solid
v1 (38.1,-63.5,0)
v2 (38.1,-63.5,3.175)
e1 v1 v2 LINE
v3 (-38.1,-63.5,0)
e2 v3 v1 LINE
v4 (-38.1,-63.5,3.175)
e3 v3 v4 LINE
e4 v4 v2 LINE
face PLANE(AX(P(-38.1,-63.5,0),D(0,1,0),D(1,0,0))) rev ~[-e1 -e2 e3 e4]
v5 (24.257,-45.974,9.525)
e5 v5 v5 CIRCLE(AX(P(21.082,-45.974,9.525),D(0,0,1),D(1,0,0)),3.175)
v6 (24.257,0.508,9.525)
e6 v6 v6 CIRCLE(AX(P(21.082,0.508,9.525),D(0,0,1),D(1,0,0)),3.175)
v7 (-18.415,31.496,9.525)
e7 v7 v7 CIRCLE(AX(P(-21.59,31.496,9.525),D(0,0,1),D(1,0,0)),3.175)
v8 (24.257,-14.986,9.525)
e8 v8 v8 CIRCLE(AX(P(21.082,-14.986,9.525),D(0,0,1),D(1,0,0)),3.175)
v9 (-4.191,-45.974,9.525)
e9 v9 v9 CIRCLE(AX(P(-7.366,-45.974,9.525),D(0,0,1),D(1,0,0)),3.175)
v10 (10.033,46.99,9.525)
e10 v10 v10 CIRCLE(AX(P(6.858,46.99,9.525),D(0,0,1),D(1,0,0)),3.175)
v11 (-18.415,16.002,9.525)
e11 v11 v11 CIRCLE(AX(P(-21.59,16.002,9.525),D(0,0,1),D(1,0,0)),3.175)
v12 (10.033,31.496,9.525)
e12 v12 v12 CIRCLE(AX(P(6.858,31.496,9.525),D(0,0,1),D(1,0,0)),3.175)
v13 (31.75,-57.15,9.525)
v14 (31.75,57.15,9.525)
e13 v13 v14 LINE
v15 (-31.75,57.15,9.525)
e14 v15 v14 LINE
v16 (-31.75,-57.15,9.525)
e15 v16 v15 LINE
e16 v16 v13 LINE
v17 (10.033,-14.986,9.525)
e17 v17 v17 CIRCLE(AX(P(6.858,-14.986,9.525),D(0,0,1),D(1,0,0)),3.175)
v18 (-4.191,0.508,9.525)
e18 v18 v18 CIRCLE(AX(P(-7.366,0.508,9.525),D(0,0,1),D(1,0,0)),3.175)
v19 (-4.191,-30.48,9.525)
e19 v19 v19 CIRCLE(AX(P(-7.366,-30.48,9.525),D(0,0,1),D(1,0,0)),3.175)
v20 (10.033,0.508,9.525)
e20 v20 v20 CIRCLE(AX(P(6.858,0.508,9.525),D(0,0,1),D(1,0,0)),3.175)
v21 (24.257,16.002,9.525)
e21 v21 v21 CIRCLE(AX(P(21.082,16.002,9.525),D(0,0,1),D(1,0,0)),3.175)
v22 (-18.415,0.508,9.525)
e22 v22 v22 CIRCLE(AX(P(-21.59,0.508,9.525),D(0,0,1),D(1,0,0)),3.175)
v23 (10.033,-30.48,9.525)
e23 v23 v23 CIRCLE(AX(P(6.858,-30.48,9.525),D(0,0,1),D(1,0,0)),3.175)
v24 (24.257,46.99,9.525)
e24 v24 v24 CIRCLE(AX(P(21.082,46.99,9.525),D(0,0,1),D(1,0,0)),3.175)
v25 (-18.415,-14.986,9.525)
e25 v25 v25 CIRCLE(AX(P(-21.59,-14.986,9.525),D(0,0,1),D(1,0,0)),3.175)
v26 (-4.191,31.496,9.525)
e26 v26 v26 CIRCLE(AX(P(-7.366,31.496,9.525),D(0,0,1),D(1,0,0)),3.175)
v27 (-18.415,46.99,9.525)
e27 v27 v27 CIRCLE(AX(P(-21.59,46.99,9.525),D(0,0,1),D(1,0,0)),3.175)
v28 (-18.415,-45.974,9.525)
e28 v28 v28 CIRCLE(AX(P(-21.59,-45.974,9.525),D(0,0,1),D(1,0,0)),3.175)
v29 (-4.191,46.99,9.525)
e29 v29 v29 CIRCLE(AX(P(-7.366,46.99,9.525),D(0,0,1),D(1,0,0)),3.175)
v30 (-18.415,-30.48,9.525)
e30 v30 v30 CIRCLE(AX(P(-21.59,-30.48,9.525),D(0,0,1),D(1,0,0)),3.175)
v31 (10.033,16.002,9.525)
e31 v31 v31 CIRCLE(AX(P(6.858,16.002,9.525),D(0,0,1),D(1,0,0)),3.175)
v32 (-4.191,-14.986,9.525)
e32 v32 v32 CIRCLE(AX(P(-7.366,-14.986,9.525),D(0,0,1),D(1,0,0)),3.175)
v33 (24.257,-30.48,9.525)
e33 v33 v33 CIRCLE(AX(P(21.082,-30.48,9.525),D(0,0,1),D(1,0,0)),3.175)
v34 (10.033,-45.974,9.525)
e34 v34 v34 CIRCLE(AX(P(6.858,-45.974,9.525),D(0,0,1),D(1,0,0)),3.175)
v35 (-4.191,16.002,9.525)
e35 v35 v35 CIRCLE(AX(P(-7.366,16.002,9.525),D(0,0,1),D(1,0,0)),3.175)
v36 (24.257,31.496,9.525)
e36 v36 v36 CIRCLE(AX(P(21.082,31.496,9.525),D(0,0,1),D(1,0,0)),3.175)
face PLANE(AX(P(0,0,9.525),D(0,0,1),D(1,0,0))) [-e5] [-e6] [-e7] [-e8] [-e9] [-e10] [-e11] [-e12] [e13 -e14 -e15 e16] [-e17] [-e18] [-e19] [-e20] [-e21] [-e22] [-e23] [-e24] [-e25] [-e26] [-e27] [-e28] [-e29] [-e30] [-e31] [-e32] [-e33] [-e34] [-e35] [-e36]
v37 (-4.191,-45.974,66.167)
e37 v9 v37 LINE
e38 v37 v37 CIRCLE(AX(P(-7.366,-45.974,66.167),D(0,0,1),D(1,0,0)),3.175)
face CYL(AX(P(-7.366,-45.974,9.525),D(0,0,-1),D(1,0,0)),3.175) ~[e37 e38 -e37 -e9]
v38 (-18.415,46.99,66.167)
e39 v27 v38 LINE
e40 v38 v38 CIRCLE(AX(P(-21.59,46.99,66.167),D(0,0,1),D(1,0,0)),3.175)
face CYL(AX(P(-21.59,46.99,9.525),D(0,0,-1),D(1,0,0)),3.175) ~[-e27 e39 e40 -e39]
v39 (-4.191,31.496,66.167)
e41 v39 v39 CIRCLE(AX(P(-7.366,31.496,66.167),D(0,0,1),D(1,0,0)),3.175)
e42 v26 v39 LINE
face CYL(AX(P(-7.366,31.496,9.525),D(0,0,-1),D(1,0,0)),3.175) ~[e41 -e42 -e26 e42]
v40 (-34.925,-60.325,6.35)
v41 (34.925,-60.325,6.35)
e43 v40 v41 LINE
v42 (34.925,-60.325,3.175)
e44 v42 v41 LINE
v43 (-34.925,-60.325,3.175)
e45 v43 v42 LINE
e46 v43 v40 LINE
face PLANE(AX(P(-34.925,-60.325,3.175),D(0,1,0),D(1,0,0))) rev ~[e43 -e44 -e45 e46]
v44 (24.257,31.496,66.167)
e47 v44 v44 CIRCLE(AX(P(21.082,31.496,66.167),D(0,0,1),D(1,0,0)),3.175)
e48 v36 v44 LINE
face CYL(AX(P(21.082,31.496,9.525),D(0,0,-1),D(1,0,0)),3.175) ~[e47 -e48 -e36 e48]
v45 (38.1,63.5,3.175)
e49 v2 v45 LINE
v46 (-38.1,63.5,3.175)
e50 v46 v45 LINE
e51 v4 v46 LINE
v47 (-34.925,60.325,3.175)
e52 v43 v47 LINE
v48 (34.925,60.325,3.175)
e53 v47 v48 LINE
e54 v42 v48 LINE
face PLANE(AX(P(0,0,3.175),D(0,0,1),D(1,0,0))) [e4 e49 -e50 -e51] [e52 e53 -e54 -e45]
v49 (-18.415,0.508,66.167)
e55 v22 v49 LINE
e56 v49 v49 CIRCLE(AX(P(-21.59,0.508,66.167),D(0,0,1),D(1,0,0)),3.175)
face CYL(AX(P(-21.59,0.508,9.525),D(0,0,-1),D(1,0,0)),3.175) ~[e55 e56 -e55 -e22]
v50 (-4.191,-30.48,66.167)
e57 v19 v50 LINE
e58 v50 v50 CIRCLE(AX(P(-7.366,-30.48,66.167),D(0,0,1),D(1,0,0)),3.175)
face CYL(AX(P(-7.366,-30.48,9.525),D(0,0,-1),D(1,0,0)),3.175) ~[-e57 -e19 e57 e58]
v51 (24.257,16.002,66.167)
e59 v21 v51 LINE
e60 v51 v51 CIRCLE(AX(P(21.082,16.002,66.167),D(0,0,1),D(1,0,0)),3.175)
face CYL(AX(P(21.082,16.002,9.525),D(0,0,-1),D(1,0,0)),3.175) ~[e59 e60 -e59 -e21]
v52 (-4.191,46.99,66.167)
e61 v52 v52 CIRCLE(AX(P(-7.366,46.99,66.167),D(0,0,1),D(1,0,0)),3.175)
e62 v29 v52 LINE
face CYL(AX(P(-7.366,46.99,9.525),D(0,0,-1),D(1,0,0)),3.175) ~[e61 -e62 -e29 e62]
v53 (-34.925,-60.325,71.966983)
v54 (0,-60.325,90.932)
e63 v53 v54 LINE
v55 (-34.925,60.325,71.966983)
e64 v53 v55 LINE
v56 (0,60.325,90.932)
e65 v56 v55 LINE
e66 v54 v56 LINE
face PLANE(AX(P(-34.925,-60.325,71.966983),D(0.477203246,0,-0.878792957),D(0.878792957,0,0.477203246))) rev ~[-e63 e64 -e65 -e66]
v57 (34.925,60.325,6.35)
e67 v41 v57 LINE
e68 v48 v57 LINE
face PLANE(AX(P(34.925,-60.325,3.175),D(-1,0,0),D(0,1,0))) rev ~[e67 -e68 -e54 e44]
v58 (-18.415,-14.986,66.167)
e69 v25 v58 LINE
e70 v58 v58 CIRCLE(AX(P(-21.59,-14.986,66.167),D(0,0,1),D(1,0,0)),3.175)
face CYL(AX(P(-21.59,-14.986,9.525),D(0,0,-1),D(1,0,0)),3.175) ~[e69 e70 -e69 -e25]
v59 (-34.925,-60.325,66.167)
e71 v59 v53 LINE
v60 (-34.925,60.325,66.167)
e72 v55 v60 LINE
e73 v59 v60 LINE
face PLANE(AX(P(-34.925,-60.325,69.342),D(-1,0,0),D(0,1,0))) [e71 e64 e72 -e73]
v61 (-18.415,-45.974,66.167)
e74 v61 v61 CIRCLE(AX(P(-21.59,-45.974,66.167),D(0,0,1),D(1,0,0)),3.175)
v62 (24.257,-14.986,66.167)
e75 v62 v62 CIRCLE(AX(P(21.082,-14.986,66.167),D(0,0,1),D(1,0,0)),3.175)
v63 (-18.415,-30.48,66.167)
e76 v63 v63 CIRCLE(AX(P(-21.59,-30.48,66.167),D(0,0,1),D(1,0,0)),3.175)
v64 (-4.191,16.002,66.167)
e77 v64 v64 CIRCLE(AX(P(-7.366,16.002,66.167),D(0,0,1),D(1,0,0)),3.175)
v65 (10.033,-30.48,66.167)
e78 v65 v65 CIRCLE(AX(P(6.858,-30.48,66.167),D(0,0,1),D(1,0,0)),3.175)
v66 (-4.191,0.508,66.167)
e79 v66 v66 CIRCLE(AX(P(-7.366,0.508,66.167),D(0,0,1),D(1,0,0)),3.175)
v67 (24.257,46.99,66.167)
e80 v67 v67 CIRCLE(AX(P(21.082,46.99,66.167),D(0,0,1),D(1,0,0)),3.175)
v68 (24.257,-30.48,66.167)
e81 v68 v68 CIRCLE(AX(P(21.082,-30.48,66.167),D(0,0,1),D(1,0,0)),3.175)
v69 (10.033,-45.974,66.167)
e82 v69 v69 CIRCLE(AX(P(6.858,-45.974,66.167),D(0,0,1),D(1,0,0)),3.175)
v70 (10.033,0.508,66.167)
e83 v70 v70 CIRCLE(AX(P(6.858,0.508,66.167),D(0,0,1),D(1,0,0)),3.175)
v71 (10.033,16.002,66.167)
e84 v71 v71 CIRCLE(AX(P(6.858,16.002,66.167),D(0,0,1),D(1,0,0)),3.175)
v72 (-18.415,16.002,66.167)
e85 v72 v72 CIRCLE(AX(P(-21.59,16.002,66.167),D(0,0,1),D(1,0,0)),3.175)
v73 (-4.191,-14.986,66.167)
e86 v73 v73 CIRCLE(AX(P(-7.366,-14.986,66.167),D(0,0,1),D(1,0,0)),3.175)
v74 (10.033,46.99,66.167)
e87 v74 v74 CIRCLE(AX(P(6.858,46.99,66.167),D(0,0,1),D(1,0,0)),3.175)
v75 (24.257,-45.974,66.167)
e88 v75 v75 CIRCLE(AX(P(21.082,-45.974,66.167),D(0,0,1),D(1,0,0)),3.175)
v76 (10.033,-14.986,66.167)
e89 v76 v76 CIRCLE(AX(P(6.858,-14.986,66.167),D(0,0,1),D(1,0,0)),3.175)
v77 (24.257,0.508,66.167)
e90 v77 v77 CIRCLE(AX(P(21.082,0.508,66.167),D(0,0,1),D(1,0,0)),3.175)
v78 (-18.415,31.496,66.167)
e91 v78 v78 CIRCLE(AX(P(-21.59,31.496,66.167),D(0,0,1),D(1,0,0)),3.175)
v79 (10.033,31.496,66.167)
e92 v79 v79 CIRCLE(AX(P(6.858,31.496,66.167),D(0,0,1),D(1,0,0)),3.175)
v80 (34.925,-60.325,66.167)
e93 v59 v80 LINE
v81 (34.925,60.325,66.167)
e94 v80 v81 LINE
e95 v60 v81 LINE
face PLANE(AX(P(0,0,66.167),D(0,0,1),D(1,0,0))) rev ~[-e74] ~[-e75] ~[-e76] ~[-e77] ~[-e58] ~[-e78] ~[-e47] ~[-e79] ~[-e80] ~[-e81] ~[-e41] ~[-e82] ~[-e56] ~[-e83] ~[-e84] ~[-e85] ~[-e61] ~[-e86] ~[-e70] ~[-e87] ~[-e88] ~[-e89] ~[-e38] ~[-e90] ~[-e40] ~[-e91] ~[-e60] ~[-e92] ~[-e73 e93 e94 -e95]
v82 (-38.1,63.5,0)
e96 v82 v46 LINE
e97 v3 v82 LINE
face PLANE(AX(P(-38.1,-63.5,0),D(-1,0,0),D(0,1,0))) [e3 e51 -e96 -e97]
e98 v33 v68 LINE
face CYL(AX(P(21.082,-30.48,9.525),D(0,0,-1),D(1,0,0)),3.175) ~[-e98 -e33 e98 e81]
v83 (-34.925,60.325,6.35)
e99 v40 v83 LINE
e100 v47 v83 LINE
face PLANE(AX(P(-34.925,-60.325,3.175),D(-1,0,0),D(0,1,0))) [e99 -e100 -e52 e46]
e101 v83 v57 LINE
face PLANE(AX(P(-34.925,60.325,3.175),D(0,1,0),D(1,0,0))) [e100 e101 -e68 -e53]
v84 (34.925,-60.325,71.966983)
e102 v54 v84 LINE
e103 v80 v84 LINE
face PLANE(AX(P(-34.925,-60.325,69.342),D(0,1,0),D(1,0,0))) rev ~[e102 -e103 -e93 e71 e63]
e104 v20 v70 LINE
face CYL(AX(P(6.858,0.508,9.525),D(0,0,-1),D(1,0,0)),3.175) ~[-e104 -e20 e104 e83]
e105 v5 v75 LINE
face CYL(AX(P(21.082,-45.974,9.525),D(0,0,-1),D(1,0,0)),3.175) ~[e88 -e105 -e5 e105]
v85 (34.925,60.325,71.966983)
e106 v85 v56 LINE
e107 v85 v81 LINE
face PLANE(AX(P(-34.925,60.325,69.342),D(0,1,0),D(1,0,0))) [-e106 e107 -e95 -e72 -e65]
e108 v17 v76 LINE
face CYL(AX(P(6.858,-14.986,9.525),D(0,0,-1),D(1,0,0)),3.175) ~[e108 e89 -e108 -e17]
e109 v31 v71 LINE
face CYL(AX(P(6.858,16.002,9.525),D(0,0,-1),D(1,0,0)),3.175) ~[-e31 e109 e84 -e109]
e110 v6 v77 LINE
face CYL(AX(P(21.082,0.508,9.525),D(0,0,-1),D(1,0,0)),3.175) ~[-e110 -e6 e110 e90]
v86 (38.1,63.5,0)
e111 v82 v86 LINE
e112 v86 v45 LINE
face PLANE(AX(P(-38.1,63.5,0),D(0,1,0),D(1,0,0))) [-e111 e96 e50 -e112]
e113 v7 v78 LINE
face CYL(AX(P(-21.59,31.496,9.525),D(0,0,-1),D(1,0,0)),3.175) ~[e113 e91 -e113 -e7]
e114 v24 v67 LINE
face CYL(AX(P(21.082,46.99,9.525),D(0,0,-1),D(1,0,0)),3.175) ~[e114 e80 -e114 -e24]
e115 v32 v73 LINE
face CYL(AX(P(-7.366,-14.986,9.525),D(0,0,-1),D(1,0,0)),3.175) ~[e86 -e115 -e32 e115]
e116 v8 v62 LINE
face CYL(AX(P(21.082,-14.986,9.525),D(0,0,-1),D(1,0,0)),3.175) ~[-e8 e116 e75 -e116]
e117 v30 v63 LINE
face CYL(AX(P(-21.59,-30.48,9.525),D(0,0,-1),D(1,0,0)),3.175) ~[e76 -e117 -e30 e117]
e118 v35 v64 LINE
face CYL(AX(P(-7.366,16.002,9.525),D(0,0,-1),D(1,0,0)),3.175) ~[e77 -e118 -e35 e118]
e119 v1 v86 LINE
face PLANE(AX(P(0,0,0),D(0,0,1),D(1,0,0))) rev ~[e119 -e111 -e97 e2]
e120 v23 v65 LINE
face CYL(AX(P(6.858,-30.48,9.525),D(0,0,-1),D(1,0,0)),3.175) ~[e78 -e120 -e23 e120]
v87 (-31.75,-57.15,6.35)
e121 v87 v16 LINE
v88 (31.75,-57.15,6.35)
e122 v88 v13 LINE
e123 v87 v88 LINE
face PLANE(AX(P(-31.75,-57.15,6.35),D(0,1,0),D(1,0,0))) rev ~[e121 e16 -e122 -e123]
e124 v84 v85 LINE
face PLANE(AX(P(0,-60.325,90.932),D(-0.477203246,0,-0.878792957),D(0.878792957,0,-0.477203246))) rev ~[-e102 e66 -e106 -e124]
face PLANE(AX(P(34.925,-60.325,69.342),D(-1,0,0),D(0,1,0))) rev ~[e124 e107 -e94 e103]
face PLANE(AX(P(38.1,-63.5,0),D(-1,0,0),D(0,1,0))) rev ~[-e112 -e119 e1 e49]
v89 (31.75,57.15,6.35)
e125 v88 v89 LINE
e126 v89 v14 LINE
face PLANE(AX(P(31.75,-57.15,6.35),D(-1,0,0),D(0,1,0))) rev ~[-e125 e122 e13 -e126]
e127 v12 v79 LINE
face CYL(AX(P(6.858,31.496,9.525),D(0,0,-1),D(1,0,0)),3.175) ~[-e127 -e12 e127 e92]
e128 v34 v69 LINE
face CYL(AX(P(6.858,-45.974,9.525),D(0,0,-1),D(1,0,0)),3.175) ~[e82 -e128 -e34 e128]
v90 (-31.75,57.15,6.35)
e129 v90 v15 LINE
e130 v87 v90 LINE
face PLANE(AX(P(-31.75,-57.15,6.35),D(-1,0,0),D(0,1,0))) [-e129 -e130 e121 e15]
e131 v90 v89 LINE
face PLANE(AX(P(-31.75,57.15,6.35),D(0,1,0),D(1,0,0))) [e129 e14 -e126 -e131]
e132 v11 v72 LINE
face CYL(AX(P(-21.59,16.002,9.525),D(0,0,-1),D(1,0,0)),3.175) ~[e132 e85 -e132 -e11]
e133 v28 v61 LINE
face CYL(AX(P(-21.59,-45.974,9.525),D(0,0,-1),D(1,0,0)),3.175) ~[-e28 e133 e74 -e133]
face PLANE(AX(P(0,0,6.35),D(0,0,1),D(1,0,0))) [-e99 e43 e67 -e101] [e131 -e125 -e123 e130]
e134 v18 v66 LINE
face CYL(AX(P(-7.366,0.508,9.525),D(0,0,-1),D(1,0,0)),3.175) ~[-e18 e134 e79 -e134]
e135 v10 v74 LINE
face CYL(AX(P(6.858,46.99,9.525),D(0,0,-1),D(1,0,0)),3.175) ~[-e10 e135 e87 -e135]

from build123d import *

# Parameters (mm, degrees)
F0_W      = 76.2
F0_H      = 127
F1_DEPTH  = 3.175
F2_W      = 69.85
F2_H      = 120.65
F3_DEPTH  = 3.175
F4_W      = 63.5
F4_H      = 114.3
F5_DEPTH  = 3.175
F6_R      = 3.175
F7_DEPTH  = 56.642
F8_W      = 69.85
F8_H      = 120.65
F9_DEPTH  = 3.175
F9_FACE_W = 69.85
F9_FACE_H = 120.65
F10_DEPTH = 21.59
F12_DEPTH = 123.826


with BuildPart() as f1:
    # F0 (on Top) → F1 (new body)
    with BuildSketch(Plane.XY):
        Rectangle(F0_W, F0_H)
    extrude(amount=F1_DEPTH)

    # F2 (on face) → F3 (join)
    with BuildSketch(Plane.XY.offset(3.175)):
        Rectangle(F2_W, F2_H)
    extrude(amount=F3_DEPTH)

    # F4 (on face) → F5 (join)
    with BuildSketch(Plane.XY.offset(6.35)):
        Rectangle(F4_W, F4_H)
    extrude(amount=F5_DEPTH)

    # F6 (on face) → F7 (join)
    with BuildSketch(Plane.XY.offset(9.525)):
        with Locations((-21.59, 46.99)):
            Circle(F6_R)
        with Locations((-21.59, 31.496)):
            Circle(F6_R)
        with Locations((-21.59, 16.002)):
            Circle(F6_R)
        with Locations((-21.59, 0.508)):
            Circle(F6_R)
        with Locations((-21.59, -14.986)):
            Circle(F6_R)
        with Locations((-21.59, -30.48)):
            Circle(F6_R)
        with Locations((-21.59, -45.974)):
            Circle(F6_R)
        with Locations((-7.366, 46.99)):
            Circle(F6_R)
        with Locations((-7.366, 31.496)):
            Circle(F6_R)
        with Locations((-7.366, 16.002)):
            Circle(F6_R)
        with Locations((-7.366, 0.508)):
            Circle(F6_R)
        with Locations((-7.366, -14.986)):
            Circle(F6_R)
        with Locations((-7.366, -30.48)):
            Circle(F6_R)
        with Locations((-7.366, -45.974)):
            Circle(F6_R)
        with Locations((6.858, 46.99)):
            Circle(F6_R)
        with Locations((6.858, 31.496)):
            Circle(F6_R)
        with Locations((6.858, 16.002)):
            Circle(F6_R)
        with Locations((6.858, 0.508)):
            Circle(F6_R)
        with Locations((6.858, -14.986)):
            Circle(F6_R)
        with Locations((6.858, -30.48)):
            Circle(F6_R)
        with Locations((6.858, -45.974)):
            Circle(F6_R)
        with Locations((21.082, 46.99)):
            Circle(F6_R)
        with Locations((21.082, 31.496)):
            Circle(F6_R)
        with Locations((21.082, 16.002)):
            Circle(F6_R)
        with Locations((21.082, 0.508)):
            Circle(F6_R)
        with Locations((21.082, -14.986)):
            Circle(F6_R)
        with Locations((21.082, -30.48)):
            Circle(F6_R)
        with Locations((21.082, -45.974)):
            Circle(F6_R)
    extrude(amount=F7_DEPTH)

    # F8 (on face) → F9 (join)
    with BuildSketch(Plane.XY.offset(66.167)):
        Rectangle(F8_W, F8_H)
    extrude(amount=F9_DEPTH)

    # F9_face (on face) → F10 (join)
    with BuildSketch(Plane.XY.offset(69.342)):
        Rectangle(F9_FACE_W, F9_FACE_H)
    extrude(amount=F10_DEPTH)

    # F11 (on face) → F12 (cut, through all)
    with BuildSketch(Plane.XZ.offset(60.325)):
        Polygon((34.925, 90.932), (0, 90.932), (34.925, 71.966983), align=None)
        Polygon((-34.925, 71.966983), (0, 90.932), (-34.925, 90.932), align=None)
    extrude(amount=-F12_DEPTH, mode=Mode.SUBTRACT)


solid = f1.part
